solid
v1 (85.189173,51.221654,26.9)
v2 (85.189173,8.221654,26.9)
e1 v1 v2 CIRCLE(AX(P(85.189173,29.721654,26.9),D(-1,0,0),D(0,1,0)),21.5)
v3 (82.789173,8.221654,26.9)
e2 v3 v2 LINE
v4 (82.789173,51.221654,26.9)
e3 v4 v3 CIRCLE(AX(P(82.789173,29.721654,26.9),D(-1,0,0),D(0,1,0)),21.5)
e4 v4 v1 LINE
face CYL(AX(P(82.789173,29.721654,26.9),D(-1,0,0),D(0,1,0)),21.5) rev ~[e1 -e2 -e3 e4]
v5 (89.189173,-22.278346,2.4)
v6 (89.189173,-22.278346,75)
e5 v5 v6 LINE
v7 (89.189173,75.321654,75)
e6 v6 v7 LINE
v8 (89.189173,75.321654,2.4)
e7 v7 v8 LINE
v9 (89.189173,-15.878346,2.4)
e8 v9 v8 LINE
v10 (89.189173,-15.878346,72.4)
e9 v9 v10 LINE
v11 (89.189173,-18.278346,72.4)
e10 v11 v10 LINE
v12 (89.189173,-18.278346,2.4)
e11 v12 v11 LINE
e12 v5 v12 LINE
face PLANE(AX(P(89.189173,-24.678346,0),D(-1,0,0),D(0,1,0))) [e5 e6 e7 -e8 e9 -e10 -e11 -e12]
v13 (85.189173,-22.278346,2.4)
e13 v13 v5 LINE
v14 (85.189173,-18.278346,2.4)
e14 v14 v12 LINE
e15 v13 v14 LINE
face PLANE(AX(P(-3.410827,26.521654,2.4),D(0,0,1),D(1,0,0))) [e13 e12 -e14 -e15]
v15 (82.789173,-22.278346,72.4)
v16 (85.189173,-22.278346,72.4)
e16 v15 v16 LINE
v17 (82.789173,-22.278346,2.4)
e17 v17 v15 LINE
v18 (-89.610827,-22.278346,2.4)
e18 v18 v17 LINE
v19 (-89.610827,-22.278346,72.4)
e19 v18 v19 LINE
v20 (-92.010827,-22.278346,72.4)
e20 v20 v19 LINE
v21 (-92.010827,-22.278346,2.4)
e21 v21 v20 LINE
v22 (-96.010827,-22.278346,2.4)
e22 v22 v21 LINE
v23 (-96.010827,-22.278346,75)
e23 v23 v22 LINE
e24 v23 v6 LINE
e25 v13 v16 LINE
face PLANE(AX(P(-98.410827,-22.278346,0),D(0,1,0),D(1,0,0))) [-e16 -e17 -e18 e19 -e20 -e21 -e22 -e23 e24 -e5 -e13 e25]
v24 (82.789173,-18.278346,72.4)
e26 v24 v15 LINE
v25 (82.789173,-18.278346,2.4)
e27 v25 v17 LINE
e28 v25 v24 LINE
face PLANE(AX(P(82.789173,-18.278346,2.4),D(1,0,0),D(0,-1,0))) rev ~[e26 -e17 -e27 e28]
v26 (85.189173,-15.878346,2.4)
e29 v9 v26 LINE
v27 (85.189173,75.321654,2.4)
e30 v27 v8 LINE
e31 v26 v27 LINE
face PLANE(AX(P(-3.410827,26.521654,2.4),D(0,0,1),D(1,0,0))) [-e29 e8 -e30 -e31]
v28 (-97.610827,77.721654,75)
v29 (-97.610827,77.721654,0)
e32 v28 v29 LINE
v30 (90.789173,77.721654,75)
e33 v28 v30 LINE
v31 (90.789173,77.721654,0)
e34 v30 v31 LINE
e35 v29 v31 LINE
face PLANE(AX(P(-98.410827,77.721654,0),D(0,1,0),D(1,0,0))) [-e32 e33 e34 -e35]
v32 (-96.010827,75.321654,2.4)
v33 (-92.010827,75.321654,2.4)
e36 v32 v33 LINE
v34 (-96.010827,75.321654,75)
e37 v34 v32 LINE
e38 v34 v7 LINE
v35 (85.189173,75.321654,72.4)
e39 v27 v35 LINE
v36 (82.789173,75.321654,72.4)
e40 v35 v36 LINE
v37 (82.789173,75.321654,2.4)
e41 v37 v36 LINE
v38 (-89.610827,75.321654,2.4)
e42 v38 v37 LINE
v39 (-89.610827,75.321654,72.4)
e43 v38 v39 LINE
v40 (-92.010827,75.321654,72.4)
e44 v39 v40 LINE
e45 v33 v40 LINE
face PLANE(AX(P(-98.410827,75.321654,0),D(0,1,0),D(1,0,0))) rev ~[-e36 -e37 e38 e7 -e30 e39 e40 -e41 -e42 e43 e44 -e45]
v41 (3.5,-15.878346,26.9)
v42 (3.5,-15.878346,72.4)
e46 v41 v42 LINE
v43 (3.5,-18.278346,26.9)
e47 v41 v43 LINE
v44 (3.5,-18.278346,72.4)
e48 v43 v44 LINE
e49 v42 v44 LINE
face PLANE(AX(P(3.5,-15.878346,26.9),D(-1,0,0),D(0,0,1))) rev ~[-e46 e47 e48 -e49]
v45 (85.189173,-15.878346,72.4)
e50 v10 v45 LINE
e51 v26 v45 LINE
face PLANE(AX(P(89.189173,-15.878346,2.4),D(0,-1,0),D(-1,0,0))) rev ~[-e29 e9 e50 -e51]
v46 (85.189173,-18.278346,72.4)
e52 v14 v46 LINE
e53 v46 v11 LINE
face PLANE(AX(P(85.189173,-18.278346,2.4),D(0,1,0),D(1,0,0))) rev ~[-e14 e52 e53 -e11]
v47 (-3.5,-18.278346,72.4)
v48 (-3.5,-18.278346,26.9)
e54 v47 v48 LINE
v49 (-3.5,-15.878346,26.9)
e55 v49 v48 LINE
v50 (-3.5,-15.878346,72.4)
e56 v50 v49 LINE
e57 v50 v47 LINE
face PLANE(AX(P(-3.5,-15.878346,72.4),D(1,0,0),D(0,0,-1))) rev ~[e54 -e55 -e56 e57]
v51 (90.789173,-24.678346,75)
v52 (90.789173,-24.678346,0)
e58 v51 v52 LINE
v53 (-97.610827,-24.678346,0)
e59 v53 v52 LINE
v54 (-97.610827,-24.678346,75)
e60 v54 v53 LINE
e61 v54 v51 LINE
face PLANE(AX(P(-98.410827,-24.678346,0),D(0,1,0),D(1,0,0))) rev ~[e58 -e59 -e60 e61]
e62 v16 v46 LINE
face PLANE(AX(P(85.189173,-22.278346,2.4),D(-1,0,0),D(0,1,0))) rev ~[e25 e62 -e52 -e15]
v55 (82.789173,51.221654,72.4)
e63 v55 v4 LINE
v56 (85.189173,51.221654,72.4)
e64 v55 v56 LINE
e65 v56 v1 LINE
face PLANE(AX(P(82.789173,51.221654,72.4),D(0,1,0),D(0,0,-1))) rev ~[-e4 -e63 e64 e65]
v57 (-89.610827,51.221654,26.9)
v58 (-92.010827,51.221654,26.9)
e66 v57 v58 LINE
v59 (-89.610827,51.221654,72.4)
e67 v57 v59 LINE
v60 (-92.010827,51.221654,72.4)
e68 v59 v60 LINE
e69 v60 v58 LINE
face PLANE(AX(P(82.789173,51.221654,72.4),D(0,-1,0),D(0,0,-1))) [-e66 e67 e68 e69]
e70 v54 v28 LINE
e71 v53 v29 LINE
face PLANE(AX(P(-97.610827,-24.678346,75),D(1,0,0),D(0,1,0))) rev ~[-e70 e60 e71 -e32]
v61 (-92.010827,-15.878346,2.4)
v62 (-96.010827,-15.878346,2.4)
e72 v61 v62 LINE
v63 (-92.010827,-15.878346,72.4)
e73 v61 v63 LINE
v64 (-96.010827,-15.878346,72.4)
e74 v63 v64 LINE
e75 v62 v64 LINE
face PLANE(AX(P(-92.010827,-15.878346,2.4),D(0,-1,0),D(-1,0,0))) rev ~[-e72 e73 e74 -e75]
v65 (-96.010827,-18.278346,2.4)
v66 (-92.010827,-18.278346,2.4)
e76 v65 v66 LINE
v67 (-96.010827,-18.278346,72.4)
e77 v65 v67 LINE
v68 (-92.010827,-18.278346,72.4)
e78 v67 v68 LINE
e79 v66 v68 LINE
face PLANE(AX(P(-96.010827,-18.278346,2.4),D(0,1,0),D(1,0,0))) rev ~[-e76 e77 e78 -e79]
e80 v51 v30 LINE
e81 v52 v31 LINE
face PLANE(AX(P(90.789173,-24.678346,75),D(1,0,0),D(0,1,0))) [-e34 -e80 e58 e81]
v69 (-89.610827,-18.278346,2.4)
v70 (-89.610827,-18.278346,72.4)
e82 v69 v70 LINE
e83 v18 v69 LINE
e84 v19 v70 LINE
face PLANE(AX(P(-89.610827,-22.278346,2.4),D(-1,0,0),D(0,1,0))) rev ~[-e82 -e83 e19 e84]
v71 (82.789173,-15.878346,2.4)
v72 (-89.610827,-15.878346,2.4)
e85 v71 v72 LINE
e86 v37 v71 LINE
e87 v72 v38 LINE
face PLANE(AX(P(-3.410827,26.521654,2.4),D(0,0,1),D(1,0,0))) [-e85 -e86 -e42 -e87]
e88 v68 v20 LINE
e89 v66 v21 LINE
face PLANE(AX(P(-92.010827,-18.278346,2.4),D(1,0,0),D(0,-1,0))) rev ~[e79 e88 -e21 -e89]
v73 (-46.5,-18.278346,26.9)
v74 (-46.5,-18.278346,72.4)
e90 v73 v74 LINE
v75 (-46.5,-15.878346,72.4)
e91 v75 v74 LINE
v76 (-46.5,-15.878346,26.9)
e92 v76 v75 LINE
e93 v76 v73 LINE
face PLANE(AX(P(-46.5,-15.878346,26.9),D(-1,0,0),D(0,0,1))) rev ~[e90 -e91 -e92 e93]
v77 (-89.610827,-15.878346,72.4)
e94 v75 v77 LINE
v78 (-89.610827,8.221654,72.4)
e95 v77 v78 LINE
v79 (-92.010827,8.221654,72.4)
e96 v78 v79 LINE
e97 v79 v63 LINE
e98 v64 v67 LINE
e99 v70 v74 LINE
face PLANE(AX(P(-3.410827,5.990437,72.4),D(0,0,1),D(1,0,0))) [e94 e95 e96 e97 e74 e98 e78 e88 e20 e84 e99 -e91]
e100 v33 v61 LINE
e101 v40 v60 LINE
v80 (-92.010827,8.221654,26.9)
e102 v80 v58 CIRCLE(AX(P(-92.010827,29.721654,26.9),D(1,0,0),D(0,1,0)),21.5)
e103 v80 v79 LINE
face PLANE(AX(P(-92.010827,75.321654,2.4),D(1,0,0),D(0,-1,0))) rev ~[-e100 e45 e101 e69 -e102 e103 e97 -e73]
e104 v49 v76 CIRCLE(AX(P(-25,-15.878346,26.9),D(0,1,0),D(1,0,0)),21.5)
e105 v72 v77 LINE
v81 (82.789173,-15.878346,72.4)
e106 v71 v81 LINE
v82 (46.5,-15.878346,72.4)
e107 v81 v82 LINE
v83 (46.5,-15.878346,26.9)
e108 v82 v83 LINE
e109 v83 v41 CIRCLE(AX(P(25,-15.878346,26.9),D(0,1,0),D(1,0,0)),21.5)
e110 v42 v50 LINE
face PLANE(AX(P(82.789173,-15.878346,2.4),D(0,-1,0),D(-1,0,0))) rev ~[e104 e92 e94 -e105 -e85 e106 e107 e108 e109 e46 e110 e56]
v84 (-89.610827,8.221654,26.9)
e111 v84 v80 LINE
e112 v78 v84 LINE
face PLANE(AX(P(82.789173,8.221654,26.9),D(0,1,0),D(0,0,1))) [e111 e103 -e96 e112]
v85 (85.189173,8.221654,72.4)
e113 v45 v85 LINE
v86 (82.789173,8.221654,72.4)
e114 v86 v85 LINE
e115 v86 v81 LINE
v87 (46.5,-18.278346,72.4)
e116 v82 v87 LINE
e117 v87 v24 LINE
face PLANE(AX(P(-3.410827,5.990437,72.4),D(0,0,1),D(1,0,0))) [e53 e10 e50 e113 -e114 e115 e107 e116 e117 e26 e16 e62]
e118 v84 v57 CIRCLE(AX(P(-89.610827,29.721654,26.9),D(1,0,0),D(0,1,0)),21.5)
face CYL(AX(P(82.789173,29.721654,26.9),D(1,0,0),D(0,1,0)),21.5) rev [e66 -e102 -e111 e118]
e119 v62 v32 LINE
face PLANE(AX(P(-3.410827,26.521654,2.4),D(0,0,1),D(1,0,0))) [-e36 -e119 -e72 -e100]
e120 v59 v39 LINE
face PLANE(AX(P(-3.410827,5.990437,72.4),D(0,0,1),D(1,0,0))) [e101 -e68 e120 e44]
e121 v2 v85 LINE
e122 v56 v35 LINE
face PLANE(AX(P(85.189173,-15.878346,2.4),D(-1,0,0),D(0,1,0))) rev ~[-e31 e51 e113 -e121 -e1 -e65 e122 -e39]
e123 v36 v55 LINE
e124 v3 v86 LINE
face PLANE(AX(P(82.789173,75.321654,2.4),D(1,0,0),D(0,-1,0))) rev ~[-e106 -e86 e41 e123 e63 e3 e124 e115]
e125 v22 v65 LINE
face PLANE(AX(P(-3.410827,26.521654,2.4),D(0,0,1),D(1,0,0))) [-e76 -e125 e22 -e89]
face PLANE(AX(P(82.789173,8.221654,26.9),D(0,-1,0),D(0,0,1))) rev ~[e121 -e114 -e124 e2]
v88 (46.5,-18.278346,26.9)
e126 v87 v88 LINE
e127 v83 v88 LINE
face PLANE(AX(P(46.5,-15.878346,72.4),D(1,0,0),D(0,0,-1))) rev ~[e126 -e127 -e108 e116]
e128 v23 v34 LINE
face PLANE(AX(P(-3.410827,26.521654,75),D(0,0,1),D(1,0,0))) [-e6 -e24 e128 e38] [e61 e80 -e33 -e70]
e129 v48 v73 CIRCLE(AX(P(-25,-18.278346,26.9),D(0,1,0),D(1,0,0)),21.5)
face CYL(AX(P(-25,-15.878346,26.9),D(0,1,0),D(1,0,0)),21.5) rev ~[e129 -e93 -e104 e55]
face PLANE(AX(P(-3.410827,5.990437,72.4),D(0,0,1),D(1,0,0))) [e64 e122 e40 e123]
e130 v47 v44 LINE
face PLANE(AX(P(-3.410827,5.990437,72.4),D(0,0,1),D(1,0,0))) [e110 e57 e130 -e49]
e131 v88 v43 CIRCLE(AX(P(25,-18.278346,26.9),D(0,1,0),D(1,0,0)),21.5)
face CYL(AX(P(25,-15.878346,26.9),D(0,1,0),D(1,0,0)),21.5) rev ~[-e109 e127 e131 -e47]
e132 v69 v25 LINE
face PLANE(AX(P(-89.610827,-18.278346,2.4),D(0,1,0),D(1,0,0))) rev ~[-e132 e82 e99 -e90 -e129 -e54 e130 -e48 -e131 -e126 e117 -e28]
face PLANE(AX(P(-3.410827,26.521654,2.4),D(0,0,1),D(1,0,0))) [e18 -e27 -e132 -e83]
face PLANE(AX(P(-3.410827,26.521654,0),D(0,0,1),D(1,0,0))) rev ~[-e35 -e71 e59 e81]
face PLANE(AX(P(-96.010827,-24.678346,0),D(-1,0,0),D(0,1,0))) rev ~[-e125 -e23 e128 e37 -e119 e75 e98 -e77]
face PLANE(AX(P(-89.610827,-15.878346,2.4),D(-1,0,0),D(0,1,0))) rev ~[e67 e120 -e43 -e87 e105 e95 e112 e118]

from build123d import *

# Parameters (mm, degrees)
F0_W      = 190
F0_H      = 102.4
F1_DEPTH  = 75
F2_T      = -2.4
F4_DEPTH  = 70
F6_DEPTH  = 2.6
F7_DEPTH  = 176.9
F9_DEPTH  = 2.6
F10_W     = 0.8
F10_H     = 102.4
F11_DEPTH = 75


with BuildPart() as f1:
    # F0 (on Top) → F1 (new body)
    with BuildSketch(Plane.XY):
        with Locations((-3.4108273685, 26.5216542304)):
            Rectangle(F0_W, F0_H)
    extrude(amount=F1_DEPTH)

    # F2
    f2_openings = [f1.faces().sort_by_distance(p)[0] for p in [
        (-3.410827, 26.521654, 75),
    ]]
    offset(amount=F2_T, openings=f2_openings)

    # F3 (on face) → F4 (join)
    with BuildSketch(Plane.XY.offset(2.4)):
        Polygon((-89.6108273685, 75.3216542304), (-92.0108273685, 75.3216542304), (-92.0108273685, -15.8783457696), (-96.0108273685, -15.8783457696), (-96.0108273685, -18.2783457696), (-92.0108273685, -18.2783457696), (-92.0108273685, -22.2783457696), (-89.6108273685, -22.2783457696), (-89.6108273685, -18.2783457696), (82.7891726315, -18.2783457696), (82.7891726315, -22.2783457696), (85.1891726315, -22.2783457696), (85.1891726315, -18.2783457696), (89.1891726315, -18.2783457696), (89.1891726315, -15.8783457696), (85.1891726315, -15.8783457696), (85.1891726315, 75.3216542304), (82.7891726315, 75.3216542304), (82.7891726315, -15.8783457696), (-89.6108273685, -15.8783457696), align=None)
    extrude(amount=F4_DEPTH)

    # F5 (on face) → F6 (cut)
    with BuildSketch(Plane(origin=(82.7891726315, 0, 0), x_dir=(0, -1, 0), z_dir=(-1, 0, 0))):
        with BuildLine():
            Line((-51.2216542304, 72.4), (-51.2216542304, 26.9))
            ThreePointArc((-51.2216542304, 26.9), (-29.7216542304, 5.4), (-8.2216542304, 26.9))
            Line((-8.2216542304, 26.9), (-8.2216542304, 72.4))
            Line((-8.2216542304, 72.4), (-51.2216542304, 72.4))
        make_face()
    extrude(amount=-F6_DEPTH, mode=Mode.SUBTRACT)

    # F5 (on face) → F7 (cut)
    with BuildSketch(Plane(origin=(82.7891726315, 0, 0), x_dir=(0, -1, 0), z_dir=(-1, 0, 0))):
        with BuildLine():
            Line((-51.2216542304, 72.4), (-51.2216542304, 26.9))
            ThreePointArc((-51.2216542304, 26.9), (-29.7216542304, 5.4), (-8.2216542304, 26.9))
            Line((-8.2216542304, 26.9), (-8.2216542304, 72.4))
            Line((-8.2216542304, 72.4), (-51.2216542304, 72.4))
        make_face()
    extrude(amount=F7_DEPTH, mode=Mode.SUBTRACT)

    # F8 (on face) → F9 (cut)
    with BuildSketch(Plane(origin=(0, -15.8783457696, 0), x_dir=(-1, 0, 0), z_dir=(0, 1, 0))):
        with BuildLine():
            Line((3.5, 72.4), (3.5, 26.9))
            ThreePointArc((3.5, 26.9), (25, 5.4), (46.5, 26.9))
            Line((46.5, 26.9), (46.5, 72.4))
            Line((46.5, 72.4), (3.5, 72.4))
        make_face()
        with BuildLine():
            Line((-46.5, 72.4), (-46.5, 26.9))
            ThreePointArc((-46.5, 26.9), (-25, 5.4), (-3.5, 26.9))
            Line((-3.5, 26.9), (-3.5, 72.4))
            Line((-3.5, 72.4), (-46.5, 72.4))
        make_face()
    extrude(amount=-F9_DEPTH, mode=Mode.SUBTRACT)

    # F10 (on face) → F11 (cut)
    with BuildSketch(Plane.XY.offset(75)):
        with Locations((-98.0108273685, 26.5216542304)):
            Rectangle(F10_W, F10_H)
        with Locations((91.1891726315, 26.5216542304)):
            Rectangle(F10_W, F10_H)
    extrude(amount=-F11_DEPTH, mode=Mode.SUBTRACT)


solid = f1.part
